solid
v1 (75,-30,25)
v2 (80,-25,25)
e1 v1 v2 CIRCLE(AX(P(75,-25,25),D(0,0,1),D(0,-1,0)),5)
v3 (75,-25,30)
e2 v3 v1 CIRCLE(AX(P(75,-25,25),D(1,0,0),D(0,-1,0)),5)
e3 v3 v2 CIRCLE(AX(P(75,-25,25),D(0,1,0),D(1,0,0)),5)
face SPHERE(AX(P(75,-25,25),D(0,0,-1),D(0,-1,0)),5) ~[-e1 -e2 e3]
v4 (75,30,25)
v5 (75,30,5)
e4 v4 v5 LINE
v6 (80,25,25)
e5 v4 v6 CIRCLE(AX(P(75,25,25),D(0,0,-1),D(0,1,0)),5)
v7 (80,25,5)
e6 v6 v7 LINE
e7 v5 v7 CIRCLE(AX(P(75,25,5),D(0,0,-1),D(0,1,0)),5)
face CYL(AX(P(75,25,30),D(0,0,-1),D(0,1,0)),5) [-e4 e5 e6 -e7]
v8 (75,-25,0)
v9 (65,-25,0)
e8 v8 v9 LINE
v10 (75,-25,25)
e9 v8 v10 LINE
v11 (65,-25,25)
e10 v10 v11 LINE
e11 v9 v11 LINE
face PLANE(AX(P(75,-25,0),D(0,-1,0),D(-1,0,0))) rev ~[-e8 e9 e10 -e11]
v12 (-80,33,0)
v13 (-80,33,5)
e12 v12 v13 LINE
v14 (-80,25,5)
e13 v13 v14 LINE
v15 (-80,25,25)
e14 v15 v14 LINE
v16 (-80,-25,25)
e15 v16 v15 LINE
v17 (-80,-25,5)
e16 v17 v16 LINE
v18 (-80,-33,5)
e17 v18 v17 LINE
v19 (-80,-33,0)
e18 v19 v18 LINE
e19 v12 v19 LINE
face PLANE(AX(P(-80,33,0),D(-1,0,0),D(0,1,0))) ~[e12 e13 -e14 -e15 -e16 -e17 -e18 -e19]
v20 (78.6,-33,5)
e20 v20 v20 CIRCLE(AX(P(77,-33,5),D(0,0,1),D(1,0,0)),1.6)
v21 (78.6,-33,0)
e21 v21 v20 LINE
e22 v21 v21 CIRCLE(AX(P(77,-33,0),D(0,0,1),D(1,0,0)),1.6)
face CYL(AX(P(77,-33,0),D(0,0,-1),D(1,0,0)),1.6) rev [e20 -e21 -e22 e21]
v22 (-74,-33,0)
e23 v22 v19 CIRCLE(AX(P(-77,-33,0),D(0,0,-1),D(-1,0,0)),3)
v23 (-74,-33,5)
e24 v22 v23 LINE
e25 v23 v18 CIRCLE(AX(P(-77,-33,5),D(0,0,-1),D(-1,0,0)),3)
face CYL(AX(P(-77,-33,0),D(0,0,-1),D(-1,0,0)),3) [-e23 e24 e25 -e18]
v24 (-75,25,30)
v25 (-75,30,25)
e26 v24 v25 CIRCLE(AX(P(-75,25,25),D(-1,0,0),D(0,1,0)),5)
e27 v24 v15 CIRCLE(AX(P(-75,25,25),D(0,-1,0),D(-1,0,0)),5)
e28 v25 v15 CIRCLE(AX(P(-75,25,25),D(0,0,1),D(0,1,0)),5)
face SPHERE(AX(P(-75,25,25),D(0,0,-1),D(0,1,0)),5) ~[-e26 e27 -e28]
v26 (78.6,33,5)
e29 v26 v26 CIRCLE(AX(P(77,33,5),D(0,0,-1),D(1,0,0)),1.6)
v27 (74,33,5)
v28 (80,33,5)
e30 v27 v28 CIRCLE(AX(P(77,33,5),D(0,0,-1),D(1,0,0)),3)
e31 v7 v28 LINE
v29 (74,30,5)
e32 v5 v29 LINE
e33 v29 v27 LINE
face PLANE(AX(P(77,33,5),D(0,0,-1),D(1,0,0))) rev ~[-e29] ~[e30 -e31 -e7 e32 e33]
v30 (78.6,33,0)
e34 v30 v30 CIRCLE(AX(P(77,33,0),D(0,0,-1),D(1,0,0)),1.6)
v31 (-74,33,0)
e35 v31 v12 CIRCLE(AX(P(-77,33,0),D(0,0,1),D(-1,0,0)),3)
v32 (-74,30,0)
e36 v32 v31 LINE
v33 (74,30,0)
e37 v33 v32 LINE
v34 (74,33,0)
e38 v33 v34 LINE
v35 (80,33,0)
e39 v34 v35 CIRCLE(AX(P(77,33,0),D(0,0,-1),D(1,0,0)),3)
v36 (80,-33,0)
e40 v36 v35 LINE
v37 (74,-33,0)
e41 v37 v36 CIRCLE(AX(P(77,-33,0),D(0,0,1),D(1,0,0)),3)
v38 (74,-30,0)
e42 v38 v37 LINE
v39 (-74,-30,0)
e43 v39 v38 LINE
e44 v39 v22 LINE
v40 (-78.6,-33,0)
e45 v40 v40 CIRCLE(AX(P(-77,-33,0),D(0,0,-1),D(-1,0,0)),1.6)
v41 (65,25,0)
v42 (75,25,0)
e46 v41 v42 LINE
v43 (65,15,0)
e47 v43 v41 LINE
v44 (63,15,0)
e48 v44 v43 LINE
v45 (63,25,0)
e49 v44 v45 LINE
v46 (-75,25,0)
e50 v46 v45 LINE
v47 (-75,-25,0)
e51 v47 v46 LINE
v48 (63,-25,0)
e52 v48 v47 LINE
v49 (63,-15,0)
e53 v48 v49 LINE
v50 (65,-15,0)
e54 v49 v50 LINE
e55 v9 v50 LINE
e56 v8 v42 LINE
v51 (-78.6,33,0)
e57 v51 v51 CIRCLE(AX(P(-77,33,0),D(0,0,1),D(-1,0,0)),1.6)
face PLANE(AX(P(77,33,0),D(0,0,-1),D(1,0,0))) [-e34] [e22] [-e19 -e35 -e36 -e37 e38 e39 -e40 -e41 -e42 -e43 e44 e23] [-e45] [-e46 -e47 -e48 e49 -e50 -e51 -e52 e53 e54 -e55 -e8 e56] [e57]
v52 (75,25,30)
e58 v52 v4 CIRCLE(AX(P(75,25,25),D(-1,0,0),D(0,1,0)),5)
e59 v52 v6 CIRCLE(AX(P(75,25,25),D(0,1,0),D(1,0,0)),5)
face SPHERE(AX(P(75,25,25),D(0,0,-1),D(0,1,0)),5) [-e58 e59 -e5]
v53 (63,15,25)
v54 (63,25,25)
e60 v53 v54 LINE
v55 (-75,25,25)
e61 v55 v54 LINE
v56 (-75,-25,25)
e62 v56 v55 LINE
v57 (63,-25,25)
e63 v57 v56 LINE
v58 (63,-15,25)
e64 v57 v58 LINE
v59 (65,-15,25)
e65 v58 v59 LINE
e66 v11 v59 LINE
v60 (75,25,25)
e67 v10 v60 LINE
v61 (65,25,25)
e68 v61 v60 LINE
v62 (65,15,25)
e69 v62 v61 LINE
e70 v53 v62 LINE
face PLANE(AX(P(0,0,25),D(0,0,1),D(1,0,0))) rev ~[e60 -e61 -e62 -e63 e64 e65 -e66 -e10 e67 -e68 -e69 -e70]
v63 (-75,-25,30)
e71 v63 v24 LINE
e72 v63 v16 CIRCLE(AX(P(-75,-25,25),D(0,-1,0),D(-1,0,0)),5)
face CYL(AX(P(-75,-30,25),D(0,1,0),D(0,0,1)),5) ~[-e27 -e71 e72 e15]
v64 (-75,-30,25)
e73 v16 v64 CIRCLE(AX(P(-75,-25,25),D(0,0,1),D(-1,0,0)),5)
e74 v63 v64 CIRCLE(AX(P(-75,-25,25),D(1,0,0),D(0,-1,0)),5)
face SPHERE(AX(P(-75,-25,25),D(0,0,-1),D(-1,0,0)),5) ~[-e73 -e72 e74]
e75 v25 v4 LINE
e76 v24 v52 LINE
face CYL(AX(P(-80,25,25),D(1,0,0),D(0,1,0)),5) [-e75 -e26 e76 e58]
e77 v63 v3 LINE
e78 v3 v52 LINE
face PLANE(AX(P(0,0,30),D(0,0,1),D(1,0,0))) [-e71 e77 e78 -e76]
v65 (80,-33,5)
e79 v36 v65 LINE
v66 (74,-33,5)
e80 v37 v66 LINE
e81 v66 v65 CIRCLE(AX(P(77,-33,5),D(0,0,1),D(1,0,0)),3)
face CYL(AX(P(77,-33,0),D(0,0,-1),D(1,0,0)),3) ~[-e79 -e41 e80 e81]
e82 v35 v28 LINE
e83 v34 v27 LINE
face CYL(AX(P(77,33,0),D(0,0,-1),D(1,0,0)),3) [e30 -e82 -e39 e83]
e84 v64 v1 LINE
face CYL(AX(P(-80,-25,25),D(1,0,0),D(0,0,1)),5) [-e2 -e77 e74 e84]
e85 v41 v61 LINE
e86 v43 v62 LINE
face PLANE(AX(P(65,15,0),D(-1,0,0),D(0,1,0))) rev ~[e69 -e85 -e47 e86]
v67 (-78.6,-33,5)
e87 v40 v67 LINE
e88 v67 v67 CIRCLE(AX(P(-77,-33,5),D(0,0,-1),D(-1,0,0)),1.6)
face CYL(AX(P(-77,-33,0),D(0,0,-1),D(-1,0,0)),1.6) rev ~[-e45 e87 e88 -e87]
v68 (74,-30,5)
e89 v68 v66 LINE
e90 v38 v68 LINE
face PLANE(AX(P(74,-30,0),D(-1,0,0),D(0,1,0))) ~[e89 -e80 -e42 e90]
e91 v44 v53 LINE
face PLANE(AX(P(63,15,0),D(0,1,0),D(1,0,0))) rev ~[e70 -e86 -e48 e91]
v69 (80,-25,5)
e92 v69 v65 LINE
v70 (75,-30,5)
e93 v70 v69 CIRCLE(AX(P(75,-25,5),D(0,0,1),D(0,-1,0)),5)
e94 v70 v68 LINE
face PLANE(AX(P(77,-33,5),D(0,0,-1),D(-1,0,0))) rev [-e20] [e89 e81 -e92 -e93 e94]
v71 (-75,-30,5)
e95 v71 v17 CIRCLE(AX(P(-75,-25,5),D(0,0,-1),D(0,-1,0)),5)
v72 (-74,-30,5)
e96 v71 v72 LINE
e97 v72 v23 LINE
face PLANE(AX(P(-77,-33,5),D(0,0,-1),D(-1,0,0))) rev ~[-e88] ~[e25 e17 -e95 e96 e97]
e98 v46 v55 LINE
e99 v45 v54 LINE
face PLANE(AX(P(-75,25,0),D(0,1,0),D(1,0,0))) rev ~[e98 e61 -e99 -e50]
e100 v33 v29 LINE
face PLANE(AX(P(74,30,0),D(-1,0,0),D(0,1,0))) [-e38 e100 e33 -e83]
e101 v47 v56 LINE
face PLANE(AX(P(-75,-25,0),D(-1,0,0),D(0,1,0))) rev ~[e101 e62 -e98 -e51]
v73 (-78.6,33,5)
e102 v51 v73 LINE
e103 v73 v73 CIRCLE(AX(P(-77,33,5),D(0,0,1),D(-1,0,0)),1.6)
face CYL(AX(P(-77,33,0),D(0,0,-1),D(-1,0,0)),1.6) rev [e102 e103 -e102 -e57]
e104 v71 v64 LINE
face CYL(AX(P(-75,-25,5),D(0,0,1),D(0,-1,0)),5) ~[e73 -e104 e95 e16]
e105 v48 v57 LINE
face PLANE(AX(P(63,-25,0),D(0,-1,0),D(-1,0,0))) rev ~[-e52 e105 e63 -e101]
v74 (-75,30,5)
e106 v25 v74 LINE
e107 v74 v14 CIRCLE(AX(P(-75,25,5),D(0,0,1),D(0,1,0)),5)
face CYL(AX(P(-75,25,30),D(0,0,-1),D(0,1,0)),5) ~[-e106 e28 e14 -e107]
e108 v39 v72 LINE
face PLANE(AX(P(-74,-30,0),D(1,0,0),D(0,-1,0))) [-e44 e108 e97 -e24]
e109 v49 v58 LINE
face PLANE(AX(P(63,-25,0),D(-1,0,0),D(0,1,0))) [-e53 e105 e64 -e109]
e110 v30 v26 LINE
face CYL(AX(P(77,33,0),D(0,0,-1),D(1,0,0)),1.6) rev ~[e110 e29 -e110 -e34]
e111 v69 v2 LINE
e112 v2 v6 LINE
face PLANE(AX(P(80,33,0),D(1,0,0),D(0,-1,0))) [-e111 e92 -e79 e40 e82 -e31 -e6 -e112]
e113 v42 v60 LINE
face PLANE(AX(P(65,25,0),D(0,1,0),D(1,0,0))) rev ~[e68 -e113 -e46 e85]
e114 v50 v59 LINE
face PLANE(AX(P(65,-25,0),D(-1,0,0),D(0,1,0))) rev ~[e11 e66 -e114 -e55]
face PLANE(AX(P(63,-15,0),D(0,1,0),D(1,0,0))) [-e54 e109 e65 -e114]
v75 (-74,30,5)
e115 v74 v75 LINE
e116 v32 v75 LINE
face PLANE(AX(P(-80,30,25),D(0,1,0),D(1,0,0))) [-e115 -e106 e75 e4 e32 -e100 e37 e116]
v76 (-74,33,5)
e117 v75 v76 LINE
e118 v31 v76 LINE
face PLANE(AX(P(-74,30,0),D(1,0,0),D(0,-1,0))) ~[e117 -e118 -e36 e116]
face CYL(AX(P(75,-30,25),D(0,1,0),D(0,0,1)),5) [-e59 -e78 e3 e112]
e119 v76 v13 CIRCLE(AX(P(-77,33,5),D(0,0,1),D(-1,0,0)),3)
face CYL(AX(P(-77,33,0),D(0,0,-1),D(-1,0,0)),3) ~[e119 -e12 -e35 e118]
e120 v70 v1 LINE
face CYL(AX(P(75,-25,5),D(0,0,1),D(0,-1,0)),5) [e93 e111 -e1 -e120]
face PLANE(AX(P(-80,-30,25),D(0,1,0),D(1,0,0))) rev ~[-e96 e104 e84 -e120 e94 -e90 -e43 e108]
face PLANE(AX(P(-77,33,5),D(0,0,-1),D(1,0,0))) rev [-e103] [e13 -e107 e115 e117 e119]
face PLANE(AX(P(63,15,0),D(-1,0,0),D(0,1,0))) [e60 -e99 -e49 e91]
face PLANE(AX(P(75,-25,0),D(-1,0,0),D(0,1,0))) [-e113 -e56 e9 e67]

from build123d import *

# Parameters (mm, degrees)
SKETCH1_W                 = 5
SKETCH1_H                 = 50
SKETCH1_H_2               = 60
SKETCH1_W_2               = 2
SKETCH1_H_3               = 10
BOSS_EXTRUDE1_DEPTH       = 25
SKETCH2_W                 = 160
SKETCH2_H                 = 60
BOSS_EXTRUDE2_DEPTH       = 5
SKETCH5_R                 = 3
SKETCH5_R_2               = 1.6
BOSS_EXTRUDE3_DEPTH       = 5
MIRROR2_COPY_1_SKETCH_R   = 3
MIRROR2_COPY_1_SKETCH_R_2 = 1.6
MIRROR2_COPY_1_DEPTH      = 5
FILLET1_R                 = 5


with BuildPart() as part:
    # Sketch1 → Boss-Extrude1 (new body)
    with BuildSketch(Plane.XY):
        with Locations((77.5, 0)):
            Rectangle(SKETCH1_W, SKETCH1_H)
        Polygon((-75, -25), (-75, -30), (80, -30), (80, -25), (75, -25), (65, -25), (63, -25), align=None)
        with Locations((-77.5, 0)):
            Rectangle(SKETCH1_W, SKETCH1_H_2)
        Polygon((80, 30), (-75, 30), (-75, 25), (63, 25), (65, 25), (75, 25), (80, 25), align=None)
        with Locations((64, -20)):
            Rectangle(SKETCH1_W_2, SKETCH1_H_3)
        with Locations((64, 20)):
            Rectangle(SKETCH1_W_2, SKETCH1_H_3)
    extrude(amount=BOSS_EXTRUDE1_DEPTH)

    # Sketch2 → Boss-Extrude2 (add)
    with BuildSketch(Plane.XY.offset(25)):
        Rectangle(SKETCH2_W, SKETCH2_H)
    extrude(amount=BOSS_EXTRUDE2_DEPTH)

    # Sketch5 → Boss-Extrude3 (add)
    with BuildSketch(Plane(origin=(0, 0, 0), x_dir=(-1, 0, 0), z_dir=(0, 0, -1))):
        with Locations((77, -33)):
            Circle(SKETCH5_R)
        with Locations((77, -33)):
            Circle(SKETCH5_R_2, mode=Mode.SUBTRACT)
        with BuildLine():
            ThreePointArc((77, -30), (79.121320344, -30.878679656), (80, -33))
            Line((80, -33), (80, -30))
            Line((80, -30), (77, -30))
        make_face()
        with BuildLine():
            Line((74, -30), (74, -33))
            ThreePointArc((74, -33), (74.878679656, -30.878679656), (77, -30))
            Line((77, -30), (74, -30))
        make_face()
    boss_extrude3 = extrude(amount=-BOSS_EXTRUDE3_DEPTH)

    # Mirror1: Boss-Extrude3 across plane
    add(boss_extrude3.mirror(Plane(origin=(0, 0, 0), x_dir=(0, 0, 1), z_dir=(1, 0, 0))))

    # Mirror2: Boss-Extrude3 across plane
    add(boss_extrude3.mirror(Plane.ZX))

    # Mirror2 copy 1 sketch → Mirror2 copy 1 (add)
    with BuildSketch(Plane(origin=(0, 0, 0), x_dir=(1, 0, 0), z_dir=(0, 0, -1))):
        with Locations((77, -33)):
            Circle(MIRROR2_COPY_1_SKETCH_R)
        with Locations((77, -33)):
            Circle(MIRROR2_COPY_1_SKETCH_R_2, mode=Mode.SUBTRACT)
        with BuildLine():
            ThreePointArc((77, -30), (79.121320344, -30.878679656), (80, -33))
            Line((80, -33), (80, -30))
            Line((80, -30), (77, -30))
        make_face()
        with BuildLine():
            Line((74, -30), (74, -33))
            ThreePointArc((74, -33), (74.878679656, -30.878679656), (77, -30))
            Line((77, -30), (74, -30))
        make_face()
    extrude(amount=-MIRROR2_COPY_1_DEPTH)

    # Fillet1
    fillet1_edges = [part.edges().sort_by_distance(p)[0] for p in [
        (-80, 30, 17.5),
        (80, 30, 17.5),
        (80, -30, 17.5),
        (-80, -30, 17.5),
        (0, 30, 30),
        (-80, 0, 30),
        (0, -30, 30),
        (80, 0, 30),
    ]]
    fillet(fillet1_edges, radius=FILLET1_R)


solid = part.part
